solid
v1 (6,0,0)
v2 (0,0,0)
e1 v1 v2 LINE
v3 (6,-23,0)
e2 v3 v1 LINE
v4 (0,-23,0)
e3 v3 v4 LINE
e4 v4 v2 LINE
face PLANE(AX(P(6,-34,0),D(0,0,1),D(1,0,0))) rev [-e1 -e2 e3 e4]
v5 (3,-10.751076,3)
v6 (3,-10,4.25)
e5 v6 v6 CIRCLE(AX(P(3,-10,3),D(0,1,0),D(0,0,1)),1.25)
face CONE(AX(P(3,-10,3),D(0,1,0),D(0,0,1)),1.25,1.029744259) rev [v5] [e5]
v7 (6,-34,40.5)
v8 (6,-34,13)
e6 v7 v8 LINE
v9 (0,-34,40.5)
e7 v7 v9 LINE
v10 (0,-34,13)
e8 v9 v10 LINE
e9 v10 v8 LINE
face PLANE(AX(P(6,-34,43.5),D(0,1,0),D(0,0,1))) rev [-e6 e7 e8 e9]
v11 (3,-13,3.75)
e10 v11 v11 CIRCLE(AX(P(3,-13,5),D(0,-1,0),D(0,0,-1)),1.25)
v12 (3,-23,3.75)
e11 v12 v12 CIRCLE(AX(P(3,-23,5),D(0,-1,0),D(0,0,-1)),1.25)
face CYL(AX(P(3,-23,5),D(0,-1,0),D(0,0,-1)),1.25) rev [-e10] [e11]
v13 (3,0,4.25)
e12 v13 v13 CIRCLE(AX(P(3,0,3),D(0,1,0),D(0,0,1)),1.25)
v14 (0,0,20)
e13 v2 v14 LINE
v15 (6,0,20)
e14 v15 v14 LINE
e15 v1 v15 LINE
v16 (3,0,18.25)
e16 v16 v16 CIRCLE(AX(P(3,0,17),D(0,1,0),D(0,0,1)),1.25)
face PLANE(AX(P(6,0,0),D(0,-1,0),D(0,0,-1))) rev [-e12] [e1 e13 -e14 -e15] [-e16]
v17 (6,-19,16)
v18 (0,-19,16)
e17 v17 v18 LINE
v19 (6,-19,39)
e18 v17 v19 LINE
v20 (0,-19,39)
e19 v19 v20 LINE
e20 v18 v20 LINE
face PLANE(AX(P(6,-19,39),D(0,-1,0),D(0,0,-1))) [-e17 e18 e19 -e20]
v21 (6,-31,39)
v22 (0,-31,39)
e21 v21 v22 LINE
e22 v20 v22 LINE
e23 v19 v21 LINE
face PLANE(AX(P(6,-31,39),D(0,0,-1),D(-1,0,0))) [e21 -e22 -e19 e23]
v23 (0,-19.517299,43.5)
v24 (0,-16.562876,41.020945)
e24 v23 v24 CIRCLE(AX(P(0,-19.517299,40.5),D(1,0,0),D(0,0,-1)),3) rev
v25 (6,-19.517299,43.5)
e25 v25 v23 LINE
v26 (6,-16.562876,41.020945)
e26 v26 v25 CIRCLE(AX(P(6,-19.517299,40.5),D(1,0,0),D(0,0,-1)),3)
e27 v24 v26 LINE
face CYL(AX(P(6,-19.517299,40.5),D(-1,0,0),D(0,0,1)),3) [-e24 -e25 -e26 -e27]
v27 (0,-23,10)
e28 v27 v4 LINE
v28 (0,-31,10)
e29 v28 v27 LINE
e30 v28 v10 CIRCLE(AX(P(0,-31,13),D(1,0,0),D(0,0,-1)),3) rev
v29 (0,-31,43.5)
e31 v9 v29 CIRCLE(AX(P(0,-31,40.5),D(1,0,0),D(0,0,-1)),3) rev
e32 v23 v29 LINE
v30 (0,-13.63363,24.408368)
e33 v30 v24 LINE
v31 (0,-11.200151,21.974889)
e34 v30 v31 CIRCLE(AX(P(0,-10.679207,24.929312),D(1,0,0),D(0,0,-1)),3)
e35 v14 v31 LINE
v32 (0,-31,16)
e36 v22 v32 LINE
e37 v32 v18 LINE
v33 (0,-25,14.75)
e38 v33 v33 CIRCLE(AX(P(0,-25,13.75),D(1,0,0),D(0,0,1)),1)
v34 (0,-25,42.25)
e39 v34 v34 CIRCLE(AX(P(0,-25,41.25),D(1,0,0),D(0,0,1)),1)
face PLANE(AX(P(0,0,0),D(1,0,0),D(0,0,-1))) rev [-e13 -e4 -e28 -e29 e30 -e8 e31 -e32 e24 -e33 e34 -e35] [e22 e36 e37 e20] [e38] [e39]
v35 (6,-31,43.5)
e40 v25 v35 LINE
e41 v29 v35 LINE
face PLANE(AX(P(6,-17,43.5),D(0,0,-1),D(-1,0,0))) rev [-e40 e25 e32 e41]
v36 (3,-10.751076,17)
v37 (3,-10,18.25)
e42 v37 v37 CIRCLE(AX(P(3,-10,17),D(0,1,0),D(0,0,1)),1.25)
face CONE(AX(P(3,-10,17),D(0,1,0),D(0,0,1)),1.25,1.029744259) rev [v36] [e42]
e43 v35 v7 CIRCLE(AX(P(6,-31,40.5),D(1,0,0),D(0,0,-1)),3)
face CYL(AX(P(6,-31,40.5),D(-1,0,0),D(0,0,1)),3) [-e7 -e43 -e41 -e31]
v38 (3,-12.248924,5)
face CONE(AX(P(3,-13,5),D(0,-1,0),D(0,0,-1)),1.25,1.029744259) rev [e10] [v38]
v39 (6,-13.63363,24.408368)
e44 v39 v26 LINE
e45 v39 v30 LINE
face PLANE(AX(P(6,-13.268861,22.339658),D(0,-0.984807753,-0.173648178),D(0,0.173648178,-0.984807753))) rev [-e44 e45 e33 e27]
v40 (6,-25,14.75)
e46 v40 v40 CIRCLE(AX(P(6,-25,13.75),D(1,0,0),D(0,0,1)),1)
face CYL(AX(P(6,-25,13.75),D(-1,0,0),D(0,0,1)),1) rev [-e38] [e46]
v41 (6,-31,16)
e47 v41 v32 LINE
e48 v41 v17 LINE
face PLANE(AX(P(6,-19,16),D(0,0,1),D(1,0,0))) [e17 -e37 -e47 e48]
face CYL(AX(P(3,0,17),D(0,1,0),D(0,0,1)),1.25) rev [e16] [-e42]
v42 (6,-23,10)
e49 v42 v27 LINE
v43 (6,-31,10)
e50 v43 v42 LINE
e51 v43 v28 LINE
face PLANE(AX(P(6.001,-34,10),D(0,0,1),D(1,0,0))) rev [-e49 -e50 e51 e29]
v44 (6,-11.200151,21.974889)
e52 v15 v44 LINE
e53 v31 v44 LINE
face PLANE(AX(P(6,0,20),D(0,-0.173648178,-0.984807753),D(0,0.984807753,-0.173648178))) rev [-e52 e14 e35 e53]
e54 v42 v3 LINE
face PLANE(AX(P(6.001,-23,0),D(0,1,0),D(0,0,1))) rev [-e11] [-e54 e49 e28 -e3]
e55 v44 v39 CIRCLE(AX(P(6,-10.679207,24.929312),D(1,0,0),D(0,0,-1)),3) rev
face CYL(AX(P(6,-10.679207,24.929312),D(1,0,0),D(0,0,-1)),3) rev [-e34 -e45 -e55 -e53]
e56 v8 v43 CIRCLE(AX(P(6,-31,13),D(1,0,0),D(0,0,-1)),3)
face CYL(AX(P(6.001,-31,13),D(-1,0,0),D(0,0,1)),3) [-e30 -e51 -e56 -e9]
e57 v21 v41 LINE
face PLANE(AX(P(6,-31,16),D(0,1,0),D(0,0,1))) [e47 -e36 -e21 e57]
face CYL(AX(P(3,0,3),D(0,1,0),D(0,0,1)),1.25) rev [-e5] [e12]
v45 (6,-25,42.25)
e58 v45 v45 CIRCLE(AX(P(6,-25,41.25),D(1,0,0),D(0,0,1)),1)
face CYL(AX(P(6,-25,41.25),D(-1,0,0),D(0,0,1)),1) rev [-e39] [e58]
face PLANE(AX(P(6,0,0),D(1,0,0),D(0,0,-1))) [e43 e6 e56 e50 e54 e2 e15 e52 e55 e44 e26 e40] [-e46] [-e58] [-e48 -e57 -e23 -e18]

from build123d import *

# Parameters (mm, degrees)
SKETCH2_R                                 = 1
SKETCH2_W                                 = 23
SKETCH2_H                                 = 12
BOSS_EXTRUDE1_DEPTH                       = 6
CUT_EXTRUDE1_REACH                        = 57.536
SKETCH3_W                                 = 10
SKETCH3_H                                 = 11
FILLET1_R                                 = 3
TAP_DRILL_FOR_M3X0_5_TAP1_D               = 2.5
TAP_DRILL_FOR_M3X0_5_TAP1_DEPTH           = 10
TAP_DRILL_FOR_M3X0_5_TAP1_TIP             = 0.751075774
TAP_DRILL_FOR_M3X0_5_TAP1_ON_FACE_2_D     = 2.5
TAP_DRILL_FOR_M3X0_5_TAP1_ON_FACE_2_DEPTH = 10
TAP_DRILL_FOR_M3X0_5_TAP1_ON_FACE_2_TIP   = 0.751075774


with BuildPart() as part:
    # Sketch2 → Boss-Extrude1 (new body)
    with BuildSketch(Plane(origin=(0, 0, 0), x_dir=(0, 0, -1), z_dir=(1, 0, 0))):
        Polygon((-20, 0), (-22.339658165, -13.268860813), (-43.5, -17), (-43.5, -34), (0, -34), (0, 0), align=None)
        with Locations(Location((-41.25, -25, 0), (0, 0, 180))):
            Circle(SKETCH2_R, mode=Mode.SUBTRACT)
        with Locations(Location((-13.75, -25, 0), (0, 0, 180))):
            Circle(SKETCH2_R, mode=Mode.SUBTRACT)
        with Locations((-27.5, -25)):
            Rectangle(SKETCH2_W, SKETCH2_H, mode=Mode.SUBTRACT)
    extrude(amount=BOSS_EXTRUDE1_DEPTH)

    # Sketch3 → Cut-Extrude1 (cut, up to next)
    with BuildSketch(Plane.ZY, mode=Mode.PRIVATE) as cut_extrude1_sk1:
        with Locations((5, -28.5)):
            Rectangle(SKETCH3_W, SKETCH3_H)
    cut_extrude1_tool1 = extrude(cut_extrude1_sk1.sketch, amount=-CUT_EXTRUDE1_REACH, mode=Mode.PRIVATE) & part.part
    add(cut_extrude1_tool1.solids().sort_by_distance((0, -28.5, 5))[0], mode=Mode.SUBTRACT)

    # Fillet1
    fillet1_edges = [part.edges().sort_by_distance(p)[0] for p in [
        (3, -34, 43.5),
        (3, -17, 43.5),
        (3, -13.268860813, 22.339658165),
        (3, -34, 10),
    ]]
    fillet(fillet1_edges, radius=FILLET1_R)

    # Tap Drill for M3x0.5 Tap1
    with Locations(Plane(origin=(3, 0, 3), x_dir=(0, 0, 1), z_dir=(0, 1, 0))):
        with Locations((0, 0), (14, 0)):
            Hole(TAP_DRILL_FOR_M3X0_5_TAP1_D / 2, depth=TAP_DRILL_FOR_M3X0_5_TAP1_DEPTH)
            with Locations((0, 0, -(TAP_DRILL_FOR_M3X0_5_TAP1_DEPTH + TAP_DRILL_FOR_M3X0_5_TAP1_TIP / 2))):  # 118° drill point
                Cone(0, TAP_DRILL_FOR_M3X0_5_TAP1_D / 2, TAP_DRILL_FOR_M3X0_5_TAP1_TIP, mode=Mode.SUBTRACT)

    # Tap Drill for M3x0.5 Tap1 on face 2
    with Locations(Plane(origin=(3, -23, 5), x_dir=(0, 0, -1), z_dir=(0, -1, 0))):
        with Locations((0, 0)):
            Hole(TAP_DRILL_FOR_M3X0_5_TAP1_ON_FACE_2_D / 2, depth=TAP_DRILL_FOR_M3X0_5_TAP1_ON_FACE_2_DEPTH)
            with Locations((0, 0, -(TAP_DRILL_FOR_M3X0_5_TAP1_ON_FACE_2_DEPTH + TAP_DRILL_FOR_M3X0_5_TAP1_ON_FACE_2_TIP / 2))):  # 118° drill point
                Cone(0, TAP_DRILL_FOR_M3X0_5_TAP1_ON_FACE_2_D / 2, TAP_DRILL_FOR_M3X0_5_TAP1_ON_FACE_2_TIP, mode=Mode.SUBTRACT)


solid = part.part
